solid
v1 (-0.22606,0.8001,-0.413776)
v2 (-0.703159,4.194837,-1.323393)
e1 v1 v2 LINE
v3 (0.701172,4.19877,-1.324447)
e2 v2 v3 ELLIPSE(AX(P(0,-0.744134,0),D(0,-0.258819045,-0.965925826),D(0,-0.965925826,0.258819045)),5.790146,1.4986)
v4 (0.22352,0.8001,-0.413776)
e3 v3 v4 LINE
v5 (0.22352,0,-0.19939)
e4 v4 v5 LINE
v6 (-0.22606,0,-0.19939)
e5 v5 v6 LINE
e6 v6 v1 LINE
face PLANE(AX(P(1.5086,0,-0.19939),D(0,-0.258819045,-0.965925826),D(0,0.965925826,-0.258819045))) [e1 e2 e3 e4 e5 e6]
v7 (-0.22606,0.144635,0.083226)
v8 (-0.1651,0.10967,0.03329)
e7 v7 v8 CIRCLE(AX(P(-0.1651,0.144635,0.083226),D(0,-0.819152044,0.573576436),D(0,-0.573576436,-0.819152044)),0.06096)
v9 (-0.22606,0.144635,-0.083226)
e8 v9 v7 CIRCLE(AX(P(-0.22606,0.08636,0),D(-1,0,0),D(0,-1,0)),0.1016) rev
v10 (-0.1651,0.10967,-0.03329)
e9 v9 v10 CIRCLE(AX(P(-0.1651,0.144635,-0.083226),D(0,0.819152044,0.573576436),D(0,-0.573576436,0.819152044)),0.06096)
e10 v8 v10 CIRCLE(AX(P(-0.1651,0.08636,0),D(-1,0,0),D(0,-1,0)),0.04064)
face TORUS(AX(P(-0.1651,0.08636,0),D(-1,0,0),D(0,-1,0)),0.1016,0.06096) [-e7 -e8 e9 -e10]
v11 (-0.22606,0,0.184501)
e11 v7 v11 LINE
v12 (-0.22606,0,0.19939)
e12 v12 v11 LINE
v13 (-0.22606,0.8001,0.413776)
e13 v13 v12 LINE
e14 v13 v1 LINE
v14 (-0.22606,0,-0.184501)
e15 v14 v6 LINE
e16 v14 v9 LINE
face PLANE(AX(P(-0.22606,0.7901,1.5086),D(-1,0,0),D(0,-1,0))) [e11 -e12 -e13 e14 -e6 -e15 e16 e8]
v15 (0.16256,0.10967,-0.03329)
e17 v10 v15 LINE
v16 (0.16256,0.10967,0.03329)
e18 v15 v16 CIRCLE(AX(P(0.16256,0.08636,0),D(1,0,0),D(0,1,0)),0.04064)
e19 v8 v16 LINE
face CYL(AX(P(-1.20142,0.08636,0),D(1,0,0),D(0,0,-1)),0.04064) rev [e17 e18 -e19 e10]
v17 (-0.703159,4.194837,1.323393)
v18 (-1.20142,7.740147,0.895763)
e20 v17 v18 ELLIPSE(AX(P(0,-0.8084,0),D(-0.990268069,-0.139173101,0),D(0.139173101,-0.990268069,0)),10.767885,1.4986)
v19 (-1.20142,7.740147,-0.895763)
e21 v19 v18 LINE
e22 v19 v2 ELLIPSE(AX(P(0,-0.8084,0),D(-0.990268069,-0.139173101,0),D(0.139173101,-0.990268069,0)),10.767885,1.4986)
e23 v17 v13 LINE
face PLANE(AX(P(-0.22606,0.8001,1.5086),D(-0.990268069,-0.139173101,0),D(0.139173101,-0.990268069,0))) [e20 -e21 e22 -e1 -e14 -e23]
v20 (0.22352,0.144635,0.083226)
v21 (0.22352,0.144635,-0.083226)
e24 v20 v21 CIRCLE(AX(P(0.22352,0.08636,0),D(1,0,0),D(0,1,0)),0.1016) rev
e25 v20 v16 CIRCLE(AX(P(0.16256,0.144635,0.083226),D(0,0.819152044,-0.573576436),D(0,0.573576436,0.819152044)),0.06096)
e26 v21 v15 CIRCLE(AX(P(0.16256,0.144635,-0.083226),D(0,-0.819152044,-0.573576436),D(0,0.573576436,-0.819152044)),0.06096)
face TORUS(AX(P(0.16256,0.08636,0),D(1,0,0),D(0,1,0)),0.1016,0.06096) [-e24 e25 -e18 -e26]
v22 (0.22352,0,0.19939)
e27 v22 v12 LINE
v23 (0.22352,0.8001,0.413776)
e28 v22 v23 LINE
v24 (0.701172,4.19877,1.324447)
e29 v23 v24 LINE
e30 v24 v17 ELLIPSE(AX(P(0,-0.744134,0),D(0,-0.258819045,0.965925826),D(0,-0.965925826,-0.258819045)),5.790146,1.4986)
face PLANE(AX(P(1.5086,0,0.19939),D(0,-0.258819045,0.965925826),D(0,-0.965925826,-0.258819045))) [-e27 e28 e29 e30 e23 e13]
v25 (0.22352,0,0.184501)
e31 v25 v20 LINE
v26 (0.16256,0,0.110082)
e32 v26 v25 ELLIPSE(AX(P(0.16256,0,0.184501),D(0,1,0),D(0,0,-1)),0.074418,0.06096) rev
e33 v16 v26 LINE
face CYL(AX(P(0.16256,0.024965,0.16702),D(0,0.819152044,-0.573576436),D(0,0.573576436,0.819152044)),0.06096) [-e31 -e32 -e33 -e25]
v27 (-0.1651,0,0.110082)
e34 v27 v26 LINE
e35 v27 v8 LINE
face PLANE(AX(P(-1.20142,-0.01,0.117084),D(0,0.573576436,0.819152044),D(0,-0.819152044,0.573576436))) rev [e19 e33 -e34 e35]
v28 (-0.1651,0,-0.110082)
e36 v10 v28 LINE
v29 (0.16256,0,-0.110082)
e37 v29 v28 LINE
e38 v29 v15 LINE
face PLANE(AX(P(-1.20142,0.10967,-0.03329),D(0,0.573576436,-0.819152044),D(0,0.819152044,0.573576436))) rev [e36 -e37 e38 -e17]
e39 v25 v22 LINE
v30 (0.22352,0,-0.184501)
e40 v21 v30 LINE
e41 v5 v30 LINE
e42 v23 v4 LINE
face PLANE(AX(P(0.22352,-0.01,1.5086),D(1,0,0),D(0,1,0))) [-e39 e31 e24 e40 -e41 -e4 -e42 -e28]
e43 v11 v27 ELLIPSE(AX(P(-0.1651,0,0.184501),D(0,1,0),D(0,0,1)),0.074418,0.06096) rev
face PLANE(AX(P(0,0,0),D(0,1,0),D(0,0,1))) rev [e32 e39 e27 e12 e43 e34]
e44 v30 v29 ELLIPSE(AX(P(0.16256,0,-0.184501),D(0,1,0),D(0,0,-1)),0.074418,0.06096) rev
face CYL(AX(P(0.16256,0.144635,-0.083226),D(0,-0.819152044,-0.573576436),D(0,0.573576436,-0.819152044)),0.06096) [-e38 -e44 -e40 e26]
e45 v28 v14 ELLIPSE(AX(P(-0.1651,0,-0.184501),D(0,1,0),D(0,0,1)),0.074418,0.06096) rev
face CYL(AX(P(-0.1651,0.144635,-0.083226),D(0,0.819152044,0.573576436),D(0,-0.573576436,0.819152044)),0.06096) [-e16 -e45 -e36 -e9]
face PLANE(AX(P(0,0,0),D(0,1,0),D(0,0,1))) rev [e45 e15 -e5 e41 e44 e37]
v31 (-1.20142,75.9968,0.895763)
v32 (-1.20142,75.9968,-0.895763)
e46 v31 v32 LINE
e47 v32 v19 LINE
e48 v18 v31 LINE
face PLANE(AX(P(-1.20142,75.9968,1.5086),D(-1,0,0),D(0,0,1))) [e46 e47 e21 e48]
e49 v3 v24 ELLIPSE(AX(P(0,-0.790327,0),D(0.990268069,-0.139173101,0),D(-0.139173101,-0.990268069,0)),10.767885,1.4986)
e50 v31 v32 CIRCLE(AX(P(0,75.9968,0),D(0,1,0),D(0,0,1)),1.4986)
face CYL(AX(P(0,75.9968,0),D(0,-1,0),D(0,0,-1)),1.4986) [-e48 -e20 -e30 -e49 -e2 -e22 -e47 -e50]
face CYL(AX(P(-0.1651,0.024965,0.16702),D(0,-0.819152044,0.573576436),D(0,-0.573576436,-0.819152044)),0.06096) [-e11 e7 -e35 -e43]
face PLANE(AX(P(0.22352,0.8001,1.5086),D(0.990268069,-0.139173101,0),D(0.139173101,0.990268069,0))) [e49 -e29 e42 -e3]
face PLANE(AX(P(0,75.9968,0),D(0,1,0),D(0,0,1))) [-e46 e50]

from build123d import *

# Parameters (mm, degrees)
SKETCH_TL_CUTTING_R    = 1.4986
TL_CUTTING_DEPTH       = 75.9968
SKETCH_TDF_CUTTING_W   = 3.01719996
SKETCH_TDF_CUTTING_H   = 3.01719996
TDF_CUTTING_DEPTH      = 77.026345527
VW_VR_GRINDING_DEPTH   = 1.50859998
VW_VR_GRINDING_2_DEPTH = 1.50859998
ISA_GRINDING_DEPTH     = 1.50859998
SKETCH_PRE_FRX_BRX_W   = 1.26508002
SKETCH_PRE_FRX_BRX_H   = 0.8001
SKETCH_PRE_FRX_BRX_W_2 = 1.29253996
PRE_FRX_BRX_DEPTH      = 1.50859998
FA_BA_GRINDING_DEPTH   = 1.50859998
BR_EDM_R               = 0.06096
FR_EDM_R               = 0.06096


with BuildPart() as part:
    # sketch_TL_cutting → TL_cutting (new body)
    with BuildSketch(Plane(origin=(0, 0, 0), x_dir=(1, 0, 0), z_dir=(0, 1, 0))):
        with Locations(Location((0, 0, 0), (0, 0, 270))):
            Circle(SKETCH_TL_CUTTING_R)
    extrude(amount=TL_CUTTING_DEPTH)

    # sketch_TDF_cutting → TDF_cutting (cut, through all)
    with BuildSketch(Plane(origin=(0, 0, 0), x_dir=(1, 0, 0), z_dir=(0, 1, 0))):
        with Locations((-2.71001998, 0)):
            Rectangle(SKETCH_TDF_CUTTING_W, SKETCH_TDF_CUTTING_H)
    extrude(amount=TDF_CUTTING_DEPTH, mode=Mode.SUBTRACT)


with BuildPart() as body_2:
    # sketch_VW_VR_grinding → VW_VR_grinding (new, symmetric)
    with BuildSketch(Plane(origin=(0, 0, 0), x_dir=(0, 0, -1), z_dir=(1, 0, 0))):
        with BuildLine():
            Line((-1.49360001, -0.00999998), (-1.49360001, 0.788988914))
            ThreePointArc((-1.49360001, 0.788988914), (-1.493648337, 0.790095792), (-1.493792952, 0.791194246))
            Line((-1.493792952, 0.791194246), (-1.51859996, 0.931881782))
            Line((-1.51859996, 0.931881782), (-1.50859998, -0.00999998))
            Line((-1.50859998, -0.00999998), (-1.49360001, -0.00999998))
        make_face()
    extrude(amount=VW_VR_GRINDING_DEPTH, both=True)


with BuildPart() as body_3:
    # sketch_VW_VR_grinding → VW_VR_grinding 2 (new, symmetric)
    with BuildSketch(Plane(origin=(0, 0, 0), x_dir=(0, 0, -1), z_dir=(1, 0, 0))):
        with BuildLine():
            Line((1.49360001, -0.00999998), (1.49360001, 0.788988914))
            ThreePointArc((1.49360001, 0.788988914), (1.493648337, 0.790095792), (1.493792952, 0.791194246))
            Line((1.493792952, 0.791194246), (1.51859996, 0.931881782))
            Line((1.51859996, 0.931881782), (1.50859998, -0.00999998))
            Line((1.50859998, -0.00999998), (1.49360001, -0.00999998))
        make_face()
    extrude(amount=VW_VR_GRINDING_2_DEPTH, both=True)


    add(body_2.part)  # ISA_grinding merges body 2
    # sketch_ISA_grinding → ISA_grinding (add, symmetric)
    with BuildSketch(Plane(origin=(0, 0, 0), x_dir=(0, 0, -1), z_dir=(1, 0, 0))):
        Polygon((-0.19939, 0), (0.19939, 0), (1.50859998, 4.886038163), (1.50859998, -0.02999994), (-1.50859998, -0.02999994), (-1.50859998, 4.886038163), align=None)
    extrude(amount=ISA_GRINDING_DEPTH, both=True)

    # sketch_pre_FRX_BRX → pre_FRX_BRX (add, symmetric)
    with BuildSketch(Plane.XY):
        with Locations((0.86605999, 0.39005002)):
            Rectangle(SKETCH_PRE_FRX_BRX_W, SKETCH_PRE_FRX_BRX_H)
        with Locations((-0.87232998, 0.39005002)):
            Rectangle(SKETCH_PRE_FRX_BRX_W_2, SKETCH_PRE_FRX_BRX_H)
    extrude(amount=PRE_FRX_BRX_DEPTH, both=True)

    # sketch_FA_BA_grinding → FA_BA_grinding (add, symmetric)
    with BuildSketch(Plane.XY):
        Polygon((0.22352, -0.00999998), (0.22352, 0.8001), (1.6256, 10.77641758), (1.6256, -0.00999998), align=None)
        Polygon((-0.22606, -0.00999998), (-0.22606, 0.8001), (-1.32842, 8.643798967), (-1.32842, -0.00999998), align=None)
    extrude(amount=FA_BA_GRINDING_DEPTH, both=True)


with BuildPart() as part_1:
    add(part.part)

    # B1_fix: cut body 3
    add(body_3.part, mode=Mode.SUBTRACT)

    # V-Groove_EDM: sweep along a path in sketch_contour_V-Groove
    with BuildLine(Plane.XY) as v_groove_edm_path:
        Line((-1.20142, 0.127), (1.4986, 0.127))
    # sketch_section_V-Groove → V-Groove_EDM (sweep, cut)
    with BuildSketch(Plane(origin=(-1.20142, 0, -1.2954), x_dir=(0, 0, -1), z_dir=(1, 0, 0))):
        with BuildLine():
            Line((-1.262109661, 0.109670146), (-1.178315736, -0.00999998))
            Line((-1.178315736, -0.00999998), (-1.412484264, -0.00999998))
            Line((-1.412484264, -0.00999998), (-1.328690339, 0.109670146))
            ThreePointArc((-1.328690339, 0.109670146), (-1.2954, 0.127), (-1.262109661, 0.109670146))
        make_face()
    sweep(path=v_groove_edm_path.line, mode=Mode.SUBTRACT)

    # BR_EDM
    br_edm_edges = [part_1.edges().sort_by_distance(p)[0] for p in [
        (-0.22606, 0.127, 0),
        (-0.22606, 0.054835073, -0.071686271),
        (-0.22606, 0.054835073, 0.071686271),
    ]]
    fillet(br_edm_edges, radius=BR_EDM_R)

    # FR_EDM
    fr_edm_edges = [part_1.edges().sort_by_distance(p)[0] for p in [
        (0.22352, 0.054835073, -0.071686271),
        (0.22352, 0.054835073, 0.071686271),
        (0.22352, 0.127, 0),
    ]]
    fillet(fr_edm_edges, radius=FR_EDM_R)


solid = part_1.part
